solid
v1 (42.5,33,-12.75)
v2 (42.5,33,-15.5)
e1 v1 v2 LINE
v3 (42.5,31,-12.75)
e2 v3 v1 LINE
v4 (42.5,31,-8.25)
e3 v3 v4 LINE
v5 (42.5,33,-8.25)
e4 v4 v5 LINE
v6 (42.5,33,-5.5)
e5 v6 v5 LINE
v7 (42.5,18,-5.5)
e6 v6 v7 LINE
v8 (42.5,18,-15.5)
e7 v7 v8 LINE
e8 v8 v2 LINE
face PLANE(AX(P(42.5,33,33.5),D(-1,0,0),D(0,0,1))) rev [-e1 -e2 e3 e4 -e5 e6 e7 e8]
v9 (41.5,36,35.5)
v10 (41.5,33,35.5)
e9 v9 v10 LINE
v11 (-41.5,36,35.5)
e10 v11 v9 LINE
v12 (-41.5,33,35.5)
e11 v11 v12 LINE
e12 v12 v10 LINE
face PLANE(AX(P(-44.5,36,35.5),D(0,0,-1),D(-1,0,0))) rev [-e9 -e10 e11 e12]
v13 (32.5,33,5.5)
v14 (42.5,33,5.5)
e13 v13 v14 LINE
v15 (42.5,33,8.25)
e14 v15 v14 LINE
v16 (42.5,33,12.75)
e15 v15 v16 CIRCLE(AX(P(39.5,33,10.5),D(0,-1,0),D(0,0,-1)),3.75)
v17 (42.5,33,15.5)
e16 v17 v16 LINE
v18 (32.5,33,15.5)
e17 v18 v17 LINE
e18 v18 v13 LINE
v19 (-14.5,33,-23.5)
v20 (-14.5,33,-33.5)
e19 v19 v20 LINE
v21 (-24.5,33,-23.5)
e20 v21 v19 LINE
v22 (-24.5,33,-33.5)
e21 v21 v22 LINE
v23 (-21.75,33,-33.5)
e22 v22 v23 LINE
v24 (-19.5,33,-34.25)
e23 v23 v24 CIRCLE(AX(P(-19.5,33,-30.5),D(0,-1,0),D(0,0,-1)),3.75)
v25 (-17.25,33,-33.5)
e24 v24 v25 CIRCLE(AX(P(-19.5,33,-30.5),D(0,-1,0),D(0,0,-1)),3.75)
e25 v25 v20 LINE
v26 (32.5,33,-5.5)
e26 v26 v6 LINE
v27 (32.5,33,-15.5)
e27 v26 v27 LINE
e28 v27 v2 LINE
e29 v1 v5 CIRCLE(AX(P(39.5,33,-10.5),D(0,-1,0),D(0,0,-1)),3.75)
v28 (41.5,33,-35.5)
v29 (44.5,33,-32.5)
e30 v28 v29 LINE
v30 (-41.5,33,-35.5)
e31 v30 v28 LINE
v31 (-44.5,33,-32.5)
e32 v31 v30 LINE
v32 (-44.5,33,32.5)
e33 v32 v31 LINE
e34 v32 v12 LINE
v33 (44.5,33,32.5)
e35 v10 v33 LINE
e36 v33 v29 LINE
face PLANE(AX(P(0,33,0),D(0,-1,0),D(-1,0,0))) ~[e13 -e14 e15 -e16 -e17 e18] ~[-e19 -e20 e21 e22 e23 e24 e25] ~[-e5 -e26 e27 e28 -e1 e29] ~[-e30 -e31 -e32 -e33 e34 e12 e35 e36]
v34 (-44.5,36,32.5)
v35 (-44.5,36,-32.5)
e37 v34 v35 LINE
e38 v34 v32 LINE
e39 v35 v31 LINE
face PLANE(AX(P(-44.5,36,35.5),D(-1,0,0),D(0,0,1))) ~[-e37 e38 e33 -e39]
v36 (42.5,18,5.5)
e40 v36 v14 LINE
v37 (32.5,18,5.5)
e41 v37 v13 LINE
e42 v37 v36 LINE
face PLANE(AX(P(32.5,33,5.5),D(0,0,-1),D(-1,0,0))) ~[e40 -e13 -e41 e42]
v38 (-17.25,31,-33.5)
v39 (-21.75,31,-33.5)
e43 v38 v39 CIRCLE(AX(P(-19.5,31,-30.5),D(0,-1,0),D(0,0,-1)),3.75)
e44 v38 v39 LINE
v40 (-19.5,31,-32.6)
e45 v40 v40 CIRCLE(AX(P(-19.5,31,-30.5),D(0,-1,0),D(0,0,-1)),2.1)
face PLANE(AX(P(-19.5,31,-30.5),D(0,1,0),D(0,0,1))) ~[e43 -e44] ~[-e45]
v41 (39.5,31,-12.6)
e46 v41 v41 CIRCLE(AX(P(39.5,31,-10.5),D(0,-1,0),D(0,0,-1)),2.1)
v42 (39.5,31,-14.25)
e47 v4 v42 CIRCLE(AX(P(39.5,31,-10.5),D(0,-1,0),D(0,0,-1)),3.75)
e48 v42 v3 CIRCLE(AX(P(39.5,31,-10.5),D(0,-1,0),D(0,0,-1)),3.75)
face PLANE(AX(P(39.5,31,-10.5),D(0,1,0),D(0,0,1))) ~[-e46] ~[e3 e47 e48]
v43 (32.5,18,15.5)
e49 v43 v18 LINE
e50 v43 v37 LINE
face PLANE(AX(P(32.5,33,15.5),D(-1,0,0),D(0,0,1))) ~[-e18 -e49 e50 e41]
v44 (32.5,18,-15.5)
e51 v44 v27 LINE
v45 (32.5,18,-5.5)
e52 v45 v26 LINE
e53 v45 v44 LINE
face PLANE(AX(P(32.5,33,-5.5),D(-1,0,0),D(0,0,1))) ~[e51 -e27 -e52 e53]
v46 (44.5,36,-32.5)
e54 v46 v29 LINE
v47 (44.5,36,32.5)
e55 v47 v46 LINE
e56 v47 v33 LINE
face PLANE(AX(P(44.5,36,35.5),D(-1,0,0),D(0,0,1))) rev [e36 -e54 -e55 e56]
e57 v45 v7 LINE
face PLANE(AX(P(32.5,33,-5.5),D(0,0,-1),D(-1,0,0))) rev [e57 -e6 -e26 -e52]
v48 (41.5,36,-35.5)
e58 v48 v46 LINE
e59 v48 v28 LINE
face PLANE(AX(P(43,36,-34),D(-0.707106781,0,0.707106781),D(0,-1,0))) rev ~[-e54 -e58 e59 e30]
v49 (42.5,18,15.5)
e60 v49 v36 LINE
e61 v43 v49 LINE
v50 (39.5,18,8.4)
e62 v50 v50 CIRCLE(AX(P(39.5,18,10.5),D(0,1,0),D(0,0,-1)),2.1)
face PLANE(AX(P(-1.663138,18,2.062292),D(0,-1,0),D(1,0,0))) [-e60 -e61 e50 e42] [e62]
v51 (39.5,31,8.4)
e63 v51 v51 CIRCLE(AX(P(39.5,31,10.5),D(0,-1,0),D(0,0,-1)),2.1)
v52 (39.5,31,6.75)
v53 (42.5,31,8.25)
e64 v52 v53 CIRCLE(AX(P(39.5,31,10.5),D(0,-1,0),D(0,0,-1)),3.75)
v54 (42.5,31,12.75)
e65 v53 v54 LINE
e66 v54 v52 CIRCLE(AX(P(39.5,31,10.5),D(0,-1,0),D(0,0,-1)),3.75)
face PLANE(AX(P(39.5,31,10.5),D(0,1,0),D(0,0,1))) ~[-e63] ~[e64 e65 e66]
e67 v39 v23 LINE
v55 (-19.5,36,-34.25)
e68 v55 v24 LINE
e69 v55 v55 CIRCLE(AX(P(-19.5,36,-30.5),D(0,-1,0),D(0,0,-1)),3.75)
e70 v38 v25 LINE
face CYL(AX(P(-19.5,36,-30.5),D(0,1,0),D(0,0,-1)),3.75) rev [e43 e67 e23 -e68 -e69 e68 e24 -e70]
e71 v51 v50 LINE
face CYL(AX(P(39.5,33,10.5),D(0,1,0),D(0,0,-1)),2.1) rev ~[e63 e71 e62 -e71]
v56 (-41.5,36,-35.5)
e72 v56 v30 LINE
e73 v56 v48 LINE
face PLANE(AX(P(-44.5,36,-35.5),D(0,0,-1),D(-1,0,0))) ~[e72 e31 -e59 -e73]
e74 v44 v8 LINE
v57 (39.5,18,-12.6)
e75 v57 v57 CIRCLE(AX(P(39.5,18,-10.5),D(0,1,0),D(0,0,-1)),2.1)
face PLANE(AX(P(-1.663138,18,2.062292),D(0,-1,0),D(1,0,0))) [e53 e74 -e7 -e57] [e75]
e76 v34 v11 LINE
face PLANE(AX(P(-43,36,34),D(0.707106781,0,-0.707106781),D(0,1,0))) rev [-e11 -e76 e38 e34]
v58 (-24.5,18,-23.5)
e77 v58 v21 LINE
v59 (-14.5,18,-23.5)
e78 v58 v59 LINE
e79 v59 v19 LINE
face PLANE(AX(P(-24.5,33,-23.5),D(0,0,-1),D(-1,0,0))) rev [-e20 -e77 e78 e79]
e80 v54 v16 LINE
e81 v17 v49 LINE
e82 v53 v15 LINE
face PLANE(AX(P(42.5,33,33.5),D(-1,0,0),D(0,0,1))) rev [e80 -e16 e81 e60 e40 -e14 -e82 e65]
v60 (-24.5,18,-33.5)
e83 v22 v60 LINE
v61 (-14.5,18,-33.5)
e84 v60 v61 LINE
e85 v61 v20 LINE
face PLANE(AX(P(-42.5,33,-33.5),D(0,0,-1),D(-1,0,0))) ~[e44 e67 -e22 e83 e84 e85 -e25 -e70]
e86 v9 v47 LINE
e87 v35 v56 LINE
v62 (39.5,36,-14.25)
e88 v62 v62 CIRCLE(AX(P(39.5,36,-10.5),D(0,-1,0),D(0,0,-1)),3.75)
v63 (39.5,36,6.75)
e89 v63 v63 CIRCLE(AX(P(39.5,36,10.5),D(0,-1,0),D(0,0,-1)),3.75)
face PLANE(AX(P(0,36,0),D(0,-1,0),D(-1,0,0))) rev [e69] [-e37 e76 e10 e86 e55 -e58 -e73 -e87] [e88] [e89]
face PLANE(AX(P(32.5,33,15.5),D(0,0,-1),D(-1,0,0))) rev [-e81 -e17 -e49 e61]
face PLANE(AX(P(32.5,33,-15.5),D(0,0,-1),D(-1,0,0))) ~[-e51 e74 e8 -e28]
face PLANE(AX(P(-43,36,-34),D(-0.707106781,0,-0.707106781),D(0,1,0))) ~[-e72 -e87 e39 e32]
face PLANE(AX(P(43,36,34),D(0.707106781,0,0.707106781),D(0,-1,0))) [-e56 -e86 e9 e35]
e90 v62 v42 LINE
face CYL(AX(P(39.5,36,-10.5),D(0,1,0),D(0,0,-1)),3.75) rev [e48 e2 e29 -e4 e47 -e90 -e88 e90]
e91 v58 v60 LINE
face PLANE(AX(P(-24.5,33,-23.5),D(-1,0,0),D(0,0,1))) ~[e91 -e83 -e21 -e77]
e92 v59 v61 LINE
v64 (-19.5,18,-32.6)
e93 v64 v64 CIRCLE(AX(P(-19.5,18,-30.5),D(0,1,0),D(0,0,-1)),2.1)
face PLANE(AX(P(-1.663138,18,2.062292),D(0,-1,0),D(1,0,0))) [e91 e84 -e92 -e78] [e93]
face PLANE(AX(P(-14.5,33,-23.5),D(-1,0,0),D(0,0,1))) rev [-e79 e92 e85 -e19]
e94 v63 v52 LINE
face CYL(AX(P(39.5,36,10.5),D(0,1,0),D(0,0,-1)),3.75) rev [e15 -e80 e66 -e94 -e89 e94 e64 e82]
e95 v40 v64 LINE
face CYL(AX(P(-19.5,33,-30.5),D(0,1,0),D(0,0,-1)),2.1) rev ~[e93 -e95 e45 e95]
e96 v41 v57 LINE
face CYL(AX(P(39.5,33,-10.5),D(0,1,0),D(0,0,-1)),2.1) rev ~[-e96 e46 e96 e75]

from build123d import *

# Parameters (mm, degrees)
SKETCH1_W           = 85
SKETCH1_H           = 67
BOSS_EXTRUDE1_DEPTH = 3
SKETCH1_3_W         = 89
SKETCH1_3_H         = 71
SKETCH1_3_W_2       = 85
SKETCH1_3_H_2       = 67
BOSS_EXTRUDE2_DEPTH = 50
CHAMFER1_SIZE       = 3
SKETCH2_W           = 10
SKETCH2_H           = 10
SKETCH2_R           = 2.1
BOSS_EXTRUDE3_DEPTH = 32
CUT_EXTRUDE1_START  = 3
SKETCH1_4_W         = 89
SKETCH1_4_H         = 71
SKETCH1_4_W_2       = 85
SKETCH1_4_H_2       = 67
CUT_EXTRUDE1_DEPTH  = 73.766087401
CUT_EXTRUDE2_START  = 15
SKETCH2_2_W         = 10
SKETCH2_2_H         = 10
SKETCH2_2_R         = 2.1
CUT_EXTRUDE2_DEPTH  = 51.303139281
SKETCH3_R           = 3.75
CUT_EXTRUDE3_DEPTH  = 5
CUT_EXTRUDE4_START  = 15
SKETCH4_W           = 102.54435907
SKETCH4_H           = 82.358611279
CUT_EXTRUDE4_DEPTH  = 40


with BuildPart() as part:
    # Sketch1 → Boss-Extrude1 (new body)
    with BuildSketch(Plane(origin=(0, 0, 0), x_dir=(1, 0, 0), z_dir=(0, 1, 0))):
        Rectangle(SKETCH1_W, SKETCH1_H)
    extrude(amount=BOSS_EXTRUDE1_DEPTH)

    # Sketch1<3> → Boss-Extrude2 (add)
    with BuildSketch(Plane(origin=(0, 0, 0), x_dir=(1, 0, 0), z_dir=(0, 1, 0))):
        Rectangle(SKETCH1_3_W, SKETCH1_3_H)
        Rectangle(SKETCH1_3_W_2, SKETCH1_3_H_2, mode=Mode.SUBTRACT)
    extrude(amount=BOSS_EXTRUDE2_DEPTH)

    # Chamfer1
    chamfer1_edges = [part.edges().sort_by_distance(p)[0] for p in [
        (-44.5, 25, -35.5),
        (-44.5, 25, 35.5),
        (44.5, 25, 35.5),
        (44.5, 25, -35.5),
    ]]
    chamfer(chamfer1_edges, length=CHAMFER1_SIZE)

    # Sketch2 → Boss-Extrude3 (add)
    # profile 1 of 3: a face of its own
    with BuildSketch(Plane(origin=(0, 3, 0), x_dir=(1, 0, 0), z_dir=(0, 1, 0))):
        with Locations((-19.5, 28.5)):
            Rectangle(SKETCH2_W, SKETCH2_H)
        with Locations(Location((-19.5, 30.5, 0), (0, 0, 90))):
            Circle(SKETCH2_R, mode=Mode.SUBTRACT)
    # profile 2 of 3: a face of its own
    with BuildSketch(Plane(origin=(0, 3, 0), x_dir=(1, 0, 0), z_dir=(0, 1, 0))):
        with Locations((37.5, 10.5)):
            Rectangle(SKETCH2_W, SKETCH2_H)
        with Locations(Location((39.5, 10.5, 0), (0, 0, 90))):
            Circle(SKETCH2_R, mode=Mode.SUBTRACT)
    # profile 3 of 3: a face of its own
    with BuildSketch(Plane(origin=(0, 3, 0), x_dir=(1, 0, 0), z_dir=(0, 1, 0))):
        with Locations((37.5, -10.5)):
            Rectangle(SKETCH2_W, SKETCH2_H)
        with Locations(Location((39.5, -10.5, 0), (0, 0, 90))):
            Circle(SKETCH2_R, mode=Mode.SUBTRACT)
    extrude(amount=BOSS_EXTRUDE3_DEPTH)

    # Sketch1<4> → Cut-Extrude1 (cut, through all)
    with BuildSketch(Plane(origin=(0, 0, 0), x_dir=(1, 0, 0), z_dir=(0, 1, 0)).offset(CUT_EXTRUDE1_START)):
        Rectangle(SKETCH1_4_W, SKETCH1_4_H)
        Rectangle(SKETCH1_4_W_2, SKETCH1_4_H_2, mode=Mode.SUBTRACT)
    extrude(amount=CUT_EXTRUDE1_DEPTH, mode=Mode.SUBTRACT)

    # Sketch2<2> → Cut-Extrude2 (cut, through all)
    # profile 1 of 3: a face of its own
    with BuildSketch(Plane(origin=(0, 3, 0), x_dir=(1, 0, 0), z_dir=(0, 1, 0)).offset(CUT_EXTRUDE2_START)):
        with Locations((-19.5, 28.5)):
            Rectangle(SKETCH2_2_W, SKETCH2_2_H)
        with Locations(Location((-19.5, 30.5, 0), (0, 0, 90))):
            Circle(SKETCH2_2_R, mode=Mode.SUBTRACT)
    # profile 2 of 3: a face of its own
    with BuildSketch(Plane(origin=(0, 3, 0), x_dir=(1, 0, 0), z_dir=(0, 1, 0)).offset(CUT_EXTRUDE2_START)):
        with Locations((37.5, 10.5)):
            Rectangle(SKETCH2_2_W, SKETCH2_2_H)
        with Locations(Location((39.5, 10.5, 0), (0, 0, 90))):
            Circle(SKETCH2_2_R, mode=Mode.SUBTRACT)
    # profile 3 of 3: a face of its own
    with BuildSketch(Plane(origin=(0, 3, 0), x_dir=(1, 0, 0), z_dir=(0, 1, 0)).offset(CUT_EXTRUDE2_START)):
        with Locations((37.5, -10.5)):
            Rectangle(SKETCH2_2_W, SKETCH2_2_H)
        with Locations(Location((39.5, -10.5, 0), (0, 0, 90))):
            Circle(SKETCH2_2_R, mode=Mode.SUBTRACT)
    extrude(amount=CUT_EXTRUDE2_DEPTH, mode=Mode.SUBTRACT)

    # Sketch3 → Cut-Extrude3 (cut)
    with BuildSketch(Plane.XZ):
        with Locations(Location((-19.5, -30.5, 0), (0, 0, 270))):
            Circle(SKETCH3_R)
        with Locations(Location((39.5, -10.5, 0), (0, 0, 270))):
            Circle(SKETCH3_R)
        with Locations(Location((39.5, 10.5, 0), (0, 0, 270))):
            Circle(SKETCH3_R)
    extrude(amount=-CUT_EXTRUDE3_DEPTH, mode=Mode.SUBTRACT)

    # Mirror5: part across plane


with BuildPart() as part_1:
    add(part.part)
    add(part.part.mirror(Plane.ZX.offset(18)))

    # Sketch4 → Cut-Extrude4 (cut)
    with BuildSketch(Plane.XZ.offset(-33).offset(CUT_EXTRUDE4_START)):
        with Locations((-1.663138354, 2.062291559)):
            Rectangle(SKETCH4_W, SKETCH4_H)
    extrude(amount=CUT_EXTRUDE4_DEPTH, mode=Mode.SUBTRACT)


solid = part_1.part
